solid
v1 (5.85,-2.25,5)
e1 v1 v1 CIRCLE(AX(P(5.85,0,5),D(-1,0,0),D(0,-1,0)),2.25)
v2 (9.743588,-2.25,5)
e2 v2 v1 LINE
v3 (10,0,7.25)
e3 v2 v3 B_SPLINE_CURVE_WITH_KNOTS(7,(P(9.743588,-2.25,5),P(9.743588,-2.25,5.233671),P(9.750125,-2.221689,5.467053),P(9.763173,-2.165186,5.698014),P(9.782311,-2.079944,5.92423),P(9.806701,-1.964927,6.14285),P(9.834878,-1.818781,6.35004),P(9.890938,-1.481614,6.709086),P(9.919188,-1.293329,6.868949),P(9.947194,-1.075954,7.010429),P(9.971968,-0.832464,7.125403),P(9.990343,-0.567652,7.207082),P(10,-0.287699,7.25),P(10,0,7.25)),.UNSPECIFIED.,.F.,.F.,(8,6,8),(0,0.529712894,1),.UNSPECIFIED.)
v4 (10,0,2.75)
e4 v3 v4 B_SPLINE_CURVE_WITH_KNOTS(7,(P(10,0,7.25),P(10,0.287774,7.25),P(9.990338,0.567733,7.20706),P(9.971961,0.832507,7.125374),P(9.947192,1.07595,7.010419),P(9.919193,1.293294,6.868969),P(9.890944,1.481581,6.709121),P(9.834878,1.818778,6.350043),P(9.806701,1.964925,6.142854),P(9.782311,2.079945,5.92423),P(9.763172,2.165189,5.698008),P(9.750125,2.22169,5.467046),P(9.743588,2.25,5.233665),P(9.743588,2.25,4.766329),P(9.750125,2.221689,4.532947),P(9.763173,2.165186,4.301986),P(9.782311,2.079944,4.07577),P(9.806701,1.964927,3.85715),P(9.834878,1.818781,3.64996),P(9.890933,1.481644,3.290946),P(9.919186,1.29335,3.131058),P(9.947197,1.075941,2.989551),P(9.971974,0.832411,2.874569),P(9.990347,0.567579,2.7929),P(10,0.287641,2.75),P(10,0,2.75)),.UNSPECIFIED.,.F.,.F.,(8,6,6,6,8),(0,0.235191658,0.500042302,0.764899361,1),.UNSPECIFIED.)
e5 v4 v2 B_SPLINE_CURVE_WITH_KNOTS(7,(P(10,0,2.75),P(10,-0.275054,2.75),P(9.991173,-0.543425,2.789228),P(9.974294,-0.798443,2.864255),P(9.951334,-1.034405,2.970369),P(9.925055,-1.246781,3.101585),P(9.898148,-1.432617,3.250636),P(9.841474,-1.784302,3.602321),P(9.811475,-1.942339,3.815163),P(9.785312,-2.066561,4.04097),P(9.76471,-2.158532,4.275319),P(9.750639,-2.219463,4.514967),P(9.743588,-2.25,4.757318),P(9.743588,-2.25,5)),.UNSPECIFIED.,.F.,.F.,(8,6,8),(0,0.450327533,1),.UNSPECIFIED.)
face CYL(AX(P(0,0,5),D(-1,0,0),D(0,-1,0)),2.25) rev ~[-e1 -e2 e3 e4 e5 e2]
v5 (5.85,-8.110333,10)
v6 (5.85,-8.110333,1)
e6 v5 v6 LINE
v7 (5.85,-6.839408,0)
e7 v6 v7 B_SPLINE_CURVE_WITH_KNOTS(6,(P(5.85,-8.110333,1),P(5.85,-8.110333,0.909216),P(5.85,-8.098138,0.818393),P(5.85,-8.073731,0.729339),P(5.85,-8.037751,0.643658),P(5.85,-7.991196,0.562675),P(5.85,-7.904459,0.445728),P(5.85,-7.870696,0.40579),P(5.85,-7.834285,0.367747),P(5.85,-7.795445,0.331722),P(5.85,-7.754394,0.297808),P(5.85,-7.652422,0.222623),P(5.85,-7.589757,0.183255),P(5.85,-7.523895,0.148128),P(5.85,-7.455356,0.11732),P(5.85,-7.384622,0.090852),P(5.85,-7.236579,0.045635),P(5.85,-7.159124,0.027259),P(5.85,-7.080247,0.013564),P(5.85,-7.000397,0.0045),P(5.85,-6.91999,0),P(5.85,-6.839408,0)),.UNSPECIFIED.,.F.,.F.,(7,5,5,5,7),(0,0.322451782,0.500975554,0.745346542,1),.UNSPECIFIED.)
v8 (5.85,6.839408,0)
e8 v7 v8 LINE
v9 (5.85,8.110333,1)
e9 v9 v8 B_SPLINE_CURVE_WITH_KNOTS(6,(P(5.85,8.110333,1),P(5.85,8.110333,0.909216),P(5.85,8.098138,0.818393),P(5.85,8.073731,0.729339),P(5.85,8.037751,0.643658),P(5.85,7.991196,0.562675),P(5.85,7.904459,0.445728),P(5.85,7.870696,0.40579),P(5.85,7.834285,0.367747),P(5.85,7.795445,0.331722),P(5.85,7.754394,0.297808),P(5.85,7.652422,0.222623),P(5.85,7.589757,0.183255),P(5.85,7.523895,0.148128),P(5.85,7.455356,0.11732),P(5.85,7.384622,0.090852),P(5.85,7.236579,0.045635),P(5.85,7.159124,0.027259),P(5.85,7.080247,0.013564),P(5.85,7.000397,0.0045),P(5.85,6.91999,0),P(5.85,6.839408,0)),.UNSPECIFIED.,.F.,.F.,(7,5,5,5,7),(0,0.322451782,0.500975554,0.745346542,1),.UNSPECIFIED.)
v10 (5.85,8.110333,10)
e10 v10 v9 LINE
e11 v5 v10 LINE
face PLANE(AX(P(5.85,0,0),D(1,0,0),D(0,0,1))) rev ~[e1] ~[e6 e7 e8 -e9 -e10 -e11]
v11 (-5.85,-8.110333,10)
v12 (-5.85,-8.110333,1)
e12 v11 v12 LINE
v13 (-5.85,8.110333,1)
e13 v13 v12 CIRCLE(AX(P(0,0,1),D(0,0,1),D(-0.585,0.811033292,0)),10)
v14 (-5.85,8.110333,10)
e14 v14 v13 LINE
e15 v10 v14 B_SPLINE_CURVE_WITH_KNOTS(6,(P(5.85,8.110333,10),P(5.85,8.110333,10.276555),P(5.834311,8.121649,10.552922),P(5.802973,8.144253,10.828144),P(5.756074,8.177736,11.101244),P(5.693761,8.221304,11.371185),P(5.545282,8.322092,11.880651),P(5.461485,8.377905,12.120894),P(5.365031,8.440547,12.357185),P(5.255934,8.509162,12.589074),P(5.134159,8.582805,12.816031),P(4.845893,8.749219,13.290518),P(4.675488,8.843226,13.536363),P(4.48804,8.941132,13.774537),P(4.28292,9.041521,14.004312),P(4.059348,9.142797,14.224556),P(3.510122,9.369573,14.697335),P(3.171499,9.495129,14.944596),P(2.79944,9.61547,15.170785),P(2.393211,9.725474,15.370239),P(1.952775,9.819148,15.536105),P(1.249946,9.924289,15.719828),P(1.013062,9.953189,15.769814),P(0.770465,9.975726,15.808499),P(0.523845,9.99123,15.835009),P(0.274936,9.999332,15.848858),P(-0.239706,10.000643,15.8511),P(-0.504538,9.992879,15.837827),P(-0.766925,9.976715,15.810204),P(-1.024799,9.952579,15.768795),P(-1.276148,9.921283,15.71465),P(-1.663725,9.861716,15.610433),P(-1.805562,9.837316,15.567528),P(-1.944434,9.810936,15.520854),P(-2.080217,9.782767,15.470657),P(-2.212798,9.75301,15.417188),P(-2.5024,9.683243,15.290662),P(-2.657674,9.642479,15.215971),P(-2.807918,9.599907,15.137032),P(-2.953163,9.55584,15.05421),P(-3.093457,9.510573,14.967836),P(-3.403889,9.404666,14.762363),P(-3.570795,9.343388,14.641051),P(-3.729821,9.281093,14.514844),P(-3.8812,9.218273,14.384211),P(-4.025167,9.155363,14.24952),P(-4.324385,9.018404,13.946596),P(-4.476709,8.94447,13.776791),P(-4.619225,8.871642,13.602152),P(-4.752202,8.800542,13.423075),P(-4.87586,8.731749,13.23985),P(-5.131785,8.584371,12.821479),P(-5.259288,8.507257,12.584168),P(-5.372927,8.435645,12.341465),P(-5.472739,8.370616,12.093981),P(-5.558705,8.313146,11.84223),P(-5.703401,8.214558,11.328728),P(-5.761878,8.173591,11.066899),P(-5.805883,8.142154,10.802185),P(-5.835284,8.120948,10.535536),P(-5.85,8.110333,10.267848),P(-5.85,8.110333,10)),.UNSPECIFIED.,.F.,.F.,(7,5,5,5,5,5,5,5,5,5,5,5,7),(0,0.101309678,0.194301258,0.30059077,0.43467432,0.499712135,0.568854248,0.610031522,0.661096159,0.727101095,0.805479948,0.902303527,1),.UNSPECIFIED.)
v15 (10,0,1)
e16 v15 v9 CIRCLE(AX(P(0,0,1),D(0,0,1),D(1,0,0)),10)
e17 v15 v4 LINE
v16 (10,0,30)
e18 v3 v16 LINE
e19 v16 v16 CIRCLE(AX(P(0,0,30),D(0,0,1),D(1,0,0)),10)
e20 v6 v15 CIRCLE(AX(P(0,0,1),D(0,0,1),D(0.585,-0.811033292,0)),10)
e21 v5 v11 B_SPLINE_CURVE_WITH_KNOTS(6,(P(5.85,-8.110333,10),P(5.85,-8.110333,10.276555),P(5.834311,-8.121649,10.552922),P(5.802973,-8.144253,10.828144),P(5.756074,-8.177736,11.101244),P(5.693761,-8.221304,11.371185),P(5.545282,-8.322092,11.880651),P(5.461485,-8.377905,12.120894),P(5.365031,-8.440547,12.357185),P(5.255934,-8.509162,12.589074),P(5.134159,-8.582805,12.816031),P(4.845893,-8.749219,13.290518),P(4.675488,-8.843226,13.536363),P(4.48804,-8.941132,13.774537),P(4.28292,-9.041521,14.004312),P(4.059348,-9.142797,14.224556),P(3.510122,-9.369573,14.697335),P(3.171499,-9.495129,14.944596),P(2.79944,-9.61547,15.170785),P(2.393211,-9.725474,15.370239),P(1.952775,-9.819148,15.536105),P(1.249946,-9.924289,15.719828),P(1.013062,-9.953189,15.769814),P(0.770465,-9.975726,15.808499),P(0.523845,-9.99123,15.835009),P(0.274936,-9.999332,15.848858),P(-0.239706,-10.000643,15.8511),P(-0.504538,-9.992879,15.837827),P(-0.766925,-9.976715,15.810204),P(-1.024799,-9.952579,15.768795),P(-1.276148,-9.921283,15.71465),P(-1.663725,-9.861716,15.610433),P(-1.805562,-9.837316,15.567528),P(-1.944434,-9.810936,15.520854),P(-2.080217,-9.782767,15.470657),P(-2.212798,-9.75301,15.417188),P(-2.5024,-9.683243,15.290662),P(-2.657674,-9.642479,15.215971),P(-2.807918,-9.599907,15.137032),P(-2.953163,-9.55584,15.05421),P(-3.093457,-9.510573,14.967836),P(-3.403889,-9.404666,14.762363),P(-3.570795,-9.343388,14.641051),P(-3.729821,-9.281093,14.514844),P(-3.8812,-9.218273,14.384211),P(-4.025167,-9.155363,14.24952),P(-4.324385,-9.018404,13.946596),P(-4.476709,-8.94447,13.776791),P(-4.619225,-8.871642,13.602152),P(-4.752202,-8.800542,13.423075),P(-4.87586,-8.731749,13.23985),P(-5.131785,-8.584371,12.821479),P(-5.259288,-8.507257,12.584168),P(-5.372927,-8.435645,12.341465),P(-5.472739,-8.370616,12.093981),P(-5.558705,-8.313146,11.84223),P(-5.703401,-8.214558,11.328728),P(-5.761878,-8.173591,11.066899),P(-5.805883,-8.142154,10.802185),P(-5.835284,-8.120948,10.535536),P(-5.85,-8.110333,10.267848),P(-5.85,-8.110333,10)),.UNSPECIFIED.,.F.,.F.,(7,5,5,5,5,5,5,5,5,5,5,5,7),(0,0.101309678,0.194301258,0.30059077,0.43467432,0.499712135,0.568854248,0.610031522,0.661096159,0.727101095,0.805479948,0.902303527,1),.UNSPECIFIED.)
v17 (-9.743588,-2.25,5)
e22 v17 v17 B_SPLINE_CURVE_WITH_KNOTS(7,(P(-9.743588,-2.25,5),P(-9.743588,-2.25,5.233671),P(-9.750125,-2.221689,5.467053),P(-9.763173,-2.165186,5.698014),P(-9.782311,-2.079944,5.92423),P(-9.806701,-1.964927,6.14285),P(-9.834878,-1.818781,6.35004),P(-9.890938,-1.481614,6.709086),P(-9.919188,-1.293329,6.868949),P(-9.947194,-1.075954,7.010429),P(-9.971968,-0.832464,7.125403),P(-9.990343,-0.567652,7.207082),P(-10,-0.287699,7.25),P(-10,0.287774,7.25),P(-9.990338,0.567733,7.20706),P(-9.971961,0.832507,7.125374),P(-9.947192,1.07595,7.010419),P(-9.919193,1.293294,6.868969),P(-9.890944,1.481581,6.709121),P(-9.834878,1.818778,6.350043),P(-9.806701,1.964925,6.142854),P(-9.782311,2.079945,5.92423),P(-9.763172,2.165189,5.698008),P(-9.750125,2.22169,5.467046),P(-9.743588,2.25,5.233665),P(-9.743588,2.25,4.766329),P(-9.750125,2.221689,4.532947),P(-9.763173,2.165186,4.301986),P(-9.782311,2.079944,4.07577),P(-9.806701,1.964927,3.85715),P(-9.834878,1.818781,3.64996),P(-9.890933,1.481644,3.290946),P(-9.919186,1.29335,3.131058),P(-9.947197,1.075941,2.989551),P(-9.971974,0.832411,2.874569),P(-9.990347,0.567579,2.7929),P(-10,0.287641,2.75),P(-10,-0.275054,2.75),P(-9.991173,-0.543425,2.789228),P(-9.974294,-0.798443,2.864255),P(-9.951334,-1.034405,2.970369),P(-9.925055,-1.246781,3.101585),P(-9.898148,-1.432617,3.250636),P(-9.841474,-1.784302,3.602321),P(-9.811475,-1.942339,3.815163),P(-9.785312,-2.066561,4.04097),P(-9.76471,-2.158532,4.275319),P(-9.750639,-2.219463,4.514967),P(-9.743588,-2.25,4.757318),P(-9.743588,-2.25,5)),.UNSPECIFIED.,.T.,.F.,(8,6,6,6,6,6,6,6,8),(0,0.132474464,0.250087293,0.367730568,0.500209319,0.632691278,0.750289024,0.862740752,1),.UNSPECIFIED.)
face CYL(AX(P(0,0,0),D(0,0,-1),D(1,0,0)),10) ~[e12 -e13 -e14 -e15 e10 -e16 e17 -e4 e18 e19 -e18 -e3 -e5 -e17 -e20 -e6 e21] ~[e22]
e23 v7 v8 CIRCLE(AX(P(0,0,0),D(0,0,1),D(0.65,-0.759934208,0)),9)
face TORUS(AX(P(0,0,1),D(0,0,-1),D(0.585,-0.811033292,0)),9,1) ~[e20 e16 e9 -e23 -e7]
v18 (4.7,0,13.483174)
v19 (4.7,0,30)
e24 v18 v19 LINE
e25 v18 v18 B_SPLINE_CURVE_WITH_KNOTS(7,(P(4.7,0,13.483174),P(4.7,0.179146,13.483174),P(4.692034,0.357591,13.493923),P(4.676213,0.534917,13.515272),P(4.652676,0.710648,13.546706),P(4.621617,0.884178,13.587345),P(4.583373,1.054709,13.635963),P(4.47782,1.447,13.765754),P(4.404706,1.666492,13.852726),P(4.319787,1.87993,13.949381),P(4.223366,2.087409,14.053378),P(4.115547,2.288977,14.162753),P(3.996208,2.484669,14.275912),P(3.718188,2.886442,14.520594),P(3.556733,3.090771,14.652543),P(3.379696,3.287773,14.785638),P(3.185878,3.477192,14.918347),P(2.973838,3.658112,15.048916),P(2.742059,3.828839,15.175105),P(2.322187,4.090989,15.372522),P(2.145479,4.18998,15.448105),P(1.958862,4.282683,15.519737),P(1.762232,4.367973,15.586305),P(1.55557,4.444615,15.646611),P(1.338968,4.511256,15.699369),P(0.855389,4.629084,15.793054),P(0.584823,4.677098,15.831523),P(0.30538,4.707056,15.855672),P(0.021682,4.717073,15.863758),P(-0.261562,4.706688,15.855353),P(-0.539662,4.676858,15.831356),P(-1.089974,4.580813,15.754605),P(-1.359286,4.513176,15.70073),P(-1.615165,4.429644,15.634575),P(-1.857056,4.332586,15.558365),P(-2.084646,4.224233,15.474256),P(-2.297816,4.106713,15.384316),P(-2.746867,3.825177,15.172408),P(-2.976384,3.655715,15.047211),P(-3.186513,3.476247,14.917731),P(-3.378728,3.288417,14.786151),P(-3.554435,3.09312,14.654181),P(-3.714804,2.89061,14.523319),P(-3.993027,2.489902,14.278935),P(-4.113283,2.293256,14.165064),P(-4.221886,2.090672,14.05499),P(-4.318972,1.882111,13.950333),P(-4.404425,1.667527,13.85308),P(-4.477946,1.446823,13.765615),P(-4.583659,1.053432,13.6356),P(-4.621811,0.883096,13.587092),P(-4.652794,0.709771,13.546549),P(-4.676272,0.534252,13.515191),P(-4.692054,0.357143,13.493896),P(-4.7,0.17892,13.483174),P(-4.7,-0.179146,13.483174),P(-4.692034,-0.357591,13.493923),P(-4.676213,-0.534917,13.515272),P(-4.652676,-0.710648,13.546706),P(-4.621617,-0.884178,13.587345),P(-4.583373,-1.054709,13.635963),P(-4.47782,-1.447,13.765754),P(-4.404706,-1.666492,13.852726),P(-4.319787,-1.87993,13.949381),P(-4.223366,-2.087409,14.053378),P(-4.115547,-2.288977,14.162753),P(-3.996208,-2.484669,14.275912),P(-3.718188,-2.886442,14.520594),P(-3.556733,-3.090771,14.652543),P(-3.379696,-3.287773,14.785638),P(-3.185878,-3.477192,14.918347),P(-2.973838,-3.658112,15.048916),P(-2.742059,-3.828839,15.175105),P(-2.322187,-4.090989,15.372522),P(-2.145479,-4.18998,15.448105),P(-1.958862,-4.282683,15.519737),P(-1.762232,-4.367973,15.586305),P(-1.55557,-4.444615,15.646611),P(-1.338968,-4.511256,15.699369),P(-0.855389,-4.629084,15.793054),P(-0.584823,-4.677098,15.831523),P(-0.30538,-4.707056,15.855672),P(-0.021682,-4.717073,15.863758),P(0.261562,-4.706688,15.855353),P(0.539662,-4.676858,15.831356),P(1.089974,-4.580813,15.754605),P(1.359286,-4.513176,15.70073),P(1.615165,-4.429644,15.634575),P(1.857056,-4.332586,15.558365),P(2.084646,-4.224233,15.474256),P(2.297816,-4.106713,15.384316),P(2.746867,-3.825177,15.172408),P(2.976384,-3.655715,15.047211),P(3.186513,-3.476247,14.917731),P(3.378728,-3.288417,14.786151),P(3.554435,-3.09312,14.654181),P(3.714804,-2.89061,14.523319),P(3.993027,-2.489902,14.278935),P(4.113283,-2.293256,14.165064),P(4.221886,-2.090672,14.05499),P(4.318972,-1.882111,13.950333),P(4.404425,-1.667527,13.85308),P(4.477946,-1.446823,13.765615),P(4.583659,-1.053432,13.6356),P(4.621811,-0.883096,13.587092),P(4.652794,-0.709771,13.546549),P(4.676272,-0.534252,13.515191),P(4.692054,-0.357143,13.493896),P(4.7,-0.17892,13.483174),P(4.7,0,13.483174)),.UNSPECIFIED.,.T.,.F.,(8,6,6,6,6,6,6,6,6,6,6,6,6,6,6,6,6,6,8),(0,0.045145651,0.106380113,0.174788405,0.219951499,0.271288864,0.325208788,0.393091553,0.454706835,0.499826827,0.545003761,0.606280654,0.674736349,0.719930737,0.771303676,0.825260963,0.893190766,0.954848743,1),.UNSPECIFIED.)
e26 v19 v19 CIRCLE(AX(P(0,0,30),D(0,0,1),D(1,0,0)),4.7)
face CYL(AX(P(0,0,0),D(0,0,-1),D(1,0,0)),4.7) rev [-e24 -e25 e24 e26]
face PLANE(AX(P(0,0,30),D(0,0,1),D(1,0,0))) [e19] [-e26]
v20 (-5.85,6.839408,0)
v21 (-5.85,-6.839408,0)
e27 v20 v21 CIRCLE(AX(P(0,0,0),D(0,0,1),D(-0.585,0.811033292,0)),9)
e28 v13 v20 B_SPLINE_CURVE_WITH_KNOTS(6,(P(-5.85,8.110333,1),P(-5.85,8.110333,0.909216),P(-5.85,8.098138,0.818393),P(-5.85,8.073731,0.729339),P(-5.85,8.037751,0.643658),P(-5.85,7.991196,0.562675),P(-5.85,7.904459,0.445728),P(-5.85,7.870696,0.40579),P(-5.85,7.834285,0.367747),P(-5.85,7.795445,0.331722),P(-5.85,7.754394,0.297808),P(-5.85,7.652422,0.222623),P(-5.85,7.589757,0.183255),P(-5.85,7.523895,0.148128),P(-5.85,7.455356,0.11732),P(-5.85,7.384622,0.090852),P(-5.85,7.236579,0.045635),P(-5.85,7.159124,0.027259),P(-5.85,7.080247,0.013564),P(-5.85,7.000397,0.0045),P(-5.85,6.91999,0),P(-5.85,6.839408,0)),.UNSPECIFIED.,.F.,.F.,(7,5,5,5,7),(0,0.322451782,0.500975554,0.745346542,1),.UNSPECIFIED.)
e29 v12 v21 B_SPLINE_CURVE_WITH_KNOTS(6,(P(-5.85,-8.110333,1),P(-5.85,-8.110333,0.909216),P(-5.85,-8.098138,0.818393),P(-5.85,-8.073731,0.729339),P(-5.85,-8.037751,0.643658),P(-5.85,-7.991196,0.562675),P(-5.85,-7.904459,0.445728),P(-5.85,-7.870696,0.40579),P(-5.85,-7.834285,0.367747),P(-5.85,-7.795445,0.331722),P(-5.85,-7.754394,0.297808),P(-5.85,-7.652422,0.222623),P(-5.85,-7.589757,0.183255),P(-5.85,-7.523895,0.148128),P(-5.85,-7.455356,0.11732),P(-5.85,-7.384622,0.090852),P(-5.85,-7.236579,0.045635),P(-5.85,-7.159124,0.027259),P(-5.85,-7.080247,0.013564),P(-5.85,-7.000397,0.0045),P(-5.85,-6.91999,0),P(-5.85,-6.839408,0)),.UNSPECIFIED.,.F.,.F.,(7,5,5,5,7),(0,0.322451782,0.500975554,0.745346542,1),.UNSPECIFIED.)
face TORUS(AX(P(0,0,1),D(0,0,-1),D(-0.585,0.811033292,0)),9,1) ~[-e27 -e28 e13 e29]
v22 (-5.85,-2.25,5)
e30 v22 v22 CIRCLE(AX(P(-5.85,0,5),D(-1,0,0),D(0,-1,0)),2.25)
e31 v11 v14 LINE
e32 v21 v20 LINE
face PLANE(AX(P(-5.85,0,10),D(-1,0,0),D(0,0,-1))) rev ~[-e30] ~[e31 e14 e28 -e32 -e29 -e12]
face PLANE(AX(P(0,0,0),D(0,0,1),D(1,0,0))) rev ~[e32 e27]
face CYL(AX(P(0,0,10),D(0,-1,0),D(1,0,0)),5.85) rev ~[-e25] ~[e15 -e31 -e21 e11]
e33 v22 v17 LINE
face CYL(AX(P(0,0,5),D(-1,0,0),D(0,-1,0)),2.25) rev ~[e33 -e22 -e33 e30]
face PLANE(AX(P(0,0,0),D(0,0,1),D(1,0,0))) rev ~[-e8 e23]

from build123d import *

# Parameters (mm, degrees)
SKETCH_R        = 10
SKETCH_R_2      = 4.7
PAD_DEPTH       = 30
SKETCH001_R     = 5.85
POCKET_DEPTH    = 10
POCKET001_DEPTH = 11
SKETCH003_R     = 2.25
POCKET002_DEPTH = 13
FILLET_R        = 1


with BuildPart() as part:
    # Sketch → Pad (new body)
    with BuildSketch(Plane.XY):
        Circle(SKETCH_R)
        Circle(SKETCH_R_2, mode=Mode.SUBTRACT)
    extrude(amount=PAD_DEPTH)

    # Sketch001 → Pocket (cut)
    with BuildSketch(Plane.XY):
        Circle(SKETCH001_R)
    extrude(amount=POCKET_DEPTH, mode=Mode.SUBTRACT)

    # Sketch002 → Pocket001 (cut, symmetric)
    with BuildSketch(Plane.XZ):
        with BuildLine():
            ThreePointArc((5.85, 10), (0, 15.85), (-5.85, 10))
            Line((-5.85, 10), (-5.85, 0))
            Line((-5.85, 0), (5.85, 0))
            Line((5.85, 0), (5.85, 10))
        make_face()
    extrude(amount=POCKET001_DEPTH, both=True, mode=Mode.SUBTRACT)

    # Sketch003 (on DatumPlane) → Pocket002 (cut, symmetric)
    with BuildSketch(Plane(origin=(0, 0, 0), x_dir=(0, -1, 0), z_dir=(-1, 0, 0))):
        with Locations((0, 5)):
            Circle(SKETCH003_R)
    extrude(amount=POCKET002_DEPTH, both=True, mode=Mode.SUBTRACT)

    # Fillet
    fillet_edges = [part.edges().sort_by_distance(p)[0] for p in [
        (-10, 0, 0),
        (8.902247, 4.555217, 0),
        (8.902247, -4.555217, 0),
    ]]
    fillet(fillet_edges, radius=FILLET_R)


solid = part.part
